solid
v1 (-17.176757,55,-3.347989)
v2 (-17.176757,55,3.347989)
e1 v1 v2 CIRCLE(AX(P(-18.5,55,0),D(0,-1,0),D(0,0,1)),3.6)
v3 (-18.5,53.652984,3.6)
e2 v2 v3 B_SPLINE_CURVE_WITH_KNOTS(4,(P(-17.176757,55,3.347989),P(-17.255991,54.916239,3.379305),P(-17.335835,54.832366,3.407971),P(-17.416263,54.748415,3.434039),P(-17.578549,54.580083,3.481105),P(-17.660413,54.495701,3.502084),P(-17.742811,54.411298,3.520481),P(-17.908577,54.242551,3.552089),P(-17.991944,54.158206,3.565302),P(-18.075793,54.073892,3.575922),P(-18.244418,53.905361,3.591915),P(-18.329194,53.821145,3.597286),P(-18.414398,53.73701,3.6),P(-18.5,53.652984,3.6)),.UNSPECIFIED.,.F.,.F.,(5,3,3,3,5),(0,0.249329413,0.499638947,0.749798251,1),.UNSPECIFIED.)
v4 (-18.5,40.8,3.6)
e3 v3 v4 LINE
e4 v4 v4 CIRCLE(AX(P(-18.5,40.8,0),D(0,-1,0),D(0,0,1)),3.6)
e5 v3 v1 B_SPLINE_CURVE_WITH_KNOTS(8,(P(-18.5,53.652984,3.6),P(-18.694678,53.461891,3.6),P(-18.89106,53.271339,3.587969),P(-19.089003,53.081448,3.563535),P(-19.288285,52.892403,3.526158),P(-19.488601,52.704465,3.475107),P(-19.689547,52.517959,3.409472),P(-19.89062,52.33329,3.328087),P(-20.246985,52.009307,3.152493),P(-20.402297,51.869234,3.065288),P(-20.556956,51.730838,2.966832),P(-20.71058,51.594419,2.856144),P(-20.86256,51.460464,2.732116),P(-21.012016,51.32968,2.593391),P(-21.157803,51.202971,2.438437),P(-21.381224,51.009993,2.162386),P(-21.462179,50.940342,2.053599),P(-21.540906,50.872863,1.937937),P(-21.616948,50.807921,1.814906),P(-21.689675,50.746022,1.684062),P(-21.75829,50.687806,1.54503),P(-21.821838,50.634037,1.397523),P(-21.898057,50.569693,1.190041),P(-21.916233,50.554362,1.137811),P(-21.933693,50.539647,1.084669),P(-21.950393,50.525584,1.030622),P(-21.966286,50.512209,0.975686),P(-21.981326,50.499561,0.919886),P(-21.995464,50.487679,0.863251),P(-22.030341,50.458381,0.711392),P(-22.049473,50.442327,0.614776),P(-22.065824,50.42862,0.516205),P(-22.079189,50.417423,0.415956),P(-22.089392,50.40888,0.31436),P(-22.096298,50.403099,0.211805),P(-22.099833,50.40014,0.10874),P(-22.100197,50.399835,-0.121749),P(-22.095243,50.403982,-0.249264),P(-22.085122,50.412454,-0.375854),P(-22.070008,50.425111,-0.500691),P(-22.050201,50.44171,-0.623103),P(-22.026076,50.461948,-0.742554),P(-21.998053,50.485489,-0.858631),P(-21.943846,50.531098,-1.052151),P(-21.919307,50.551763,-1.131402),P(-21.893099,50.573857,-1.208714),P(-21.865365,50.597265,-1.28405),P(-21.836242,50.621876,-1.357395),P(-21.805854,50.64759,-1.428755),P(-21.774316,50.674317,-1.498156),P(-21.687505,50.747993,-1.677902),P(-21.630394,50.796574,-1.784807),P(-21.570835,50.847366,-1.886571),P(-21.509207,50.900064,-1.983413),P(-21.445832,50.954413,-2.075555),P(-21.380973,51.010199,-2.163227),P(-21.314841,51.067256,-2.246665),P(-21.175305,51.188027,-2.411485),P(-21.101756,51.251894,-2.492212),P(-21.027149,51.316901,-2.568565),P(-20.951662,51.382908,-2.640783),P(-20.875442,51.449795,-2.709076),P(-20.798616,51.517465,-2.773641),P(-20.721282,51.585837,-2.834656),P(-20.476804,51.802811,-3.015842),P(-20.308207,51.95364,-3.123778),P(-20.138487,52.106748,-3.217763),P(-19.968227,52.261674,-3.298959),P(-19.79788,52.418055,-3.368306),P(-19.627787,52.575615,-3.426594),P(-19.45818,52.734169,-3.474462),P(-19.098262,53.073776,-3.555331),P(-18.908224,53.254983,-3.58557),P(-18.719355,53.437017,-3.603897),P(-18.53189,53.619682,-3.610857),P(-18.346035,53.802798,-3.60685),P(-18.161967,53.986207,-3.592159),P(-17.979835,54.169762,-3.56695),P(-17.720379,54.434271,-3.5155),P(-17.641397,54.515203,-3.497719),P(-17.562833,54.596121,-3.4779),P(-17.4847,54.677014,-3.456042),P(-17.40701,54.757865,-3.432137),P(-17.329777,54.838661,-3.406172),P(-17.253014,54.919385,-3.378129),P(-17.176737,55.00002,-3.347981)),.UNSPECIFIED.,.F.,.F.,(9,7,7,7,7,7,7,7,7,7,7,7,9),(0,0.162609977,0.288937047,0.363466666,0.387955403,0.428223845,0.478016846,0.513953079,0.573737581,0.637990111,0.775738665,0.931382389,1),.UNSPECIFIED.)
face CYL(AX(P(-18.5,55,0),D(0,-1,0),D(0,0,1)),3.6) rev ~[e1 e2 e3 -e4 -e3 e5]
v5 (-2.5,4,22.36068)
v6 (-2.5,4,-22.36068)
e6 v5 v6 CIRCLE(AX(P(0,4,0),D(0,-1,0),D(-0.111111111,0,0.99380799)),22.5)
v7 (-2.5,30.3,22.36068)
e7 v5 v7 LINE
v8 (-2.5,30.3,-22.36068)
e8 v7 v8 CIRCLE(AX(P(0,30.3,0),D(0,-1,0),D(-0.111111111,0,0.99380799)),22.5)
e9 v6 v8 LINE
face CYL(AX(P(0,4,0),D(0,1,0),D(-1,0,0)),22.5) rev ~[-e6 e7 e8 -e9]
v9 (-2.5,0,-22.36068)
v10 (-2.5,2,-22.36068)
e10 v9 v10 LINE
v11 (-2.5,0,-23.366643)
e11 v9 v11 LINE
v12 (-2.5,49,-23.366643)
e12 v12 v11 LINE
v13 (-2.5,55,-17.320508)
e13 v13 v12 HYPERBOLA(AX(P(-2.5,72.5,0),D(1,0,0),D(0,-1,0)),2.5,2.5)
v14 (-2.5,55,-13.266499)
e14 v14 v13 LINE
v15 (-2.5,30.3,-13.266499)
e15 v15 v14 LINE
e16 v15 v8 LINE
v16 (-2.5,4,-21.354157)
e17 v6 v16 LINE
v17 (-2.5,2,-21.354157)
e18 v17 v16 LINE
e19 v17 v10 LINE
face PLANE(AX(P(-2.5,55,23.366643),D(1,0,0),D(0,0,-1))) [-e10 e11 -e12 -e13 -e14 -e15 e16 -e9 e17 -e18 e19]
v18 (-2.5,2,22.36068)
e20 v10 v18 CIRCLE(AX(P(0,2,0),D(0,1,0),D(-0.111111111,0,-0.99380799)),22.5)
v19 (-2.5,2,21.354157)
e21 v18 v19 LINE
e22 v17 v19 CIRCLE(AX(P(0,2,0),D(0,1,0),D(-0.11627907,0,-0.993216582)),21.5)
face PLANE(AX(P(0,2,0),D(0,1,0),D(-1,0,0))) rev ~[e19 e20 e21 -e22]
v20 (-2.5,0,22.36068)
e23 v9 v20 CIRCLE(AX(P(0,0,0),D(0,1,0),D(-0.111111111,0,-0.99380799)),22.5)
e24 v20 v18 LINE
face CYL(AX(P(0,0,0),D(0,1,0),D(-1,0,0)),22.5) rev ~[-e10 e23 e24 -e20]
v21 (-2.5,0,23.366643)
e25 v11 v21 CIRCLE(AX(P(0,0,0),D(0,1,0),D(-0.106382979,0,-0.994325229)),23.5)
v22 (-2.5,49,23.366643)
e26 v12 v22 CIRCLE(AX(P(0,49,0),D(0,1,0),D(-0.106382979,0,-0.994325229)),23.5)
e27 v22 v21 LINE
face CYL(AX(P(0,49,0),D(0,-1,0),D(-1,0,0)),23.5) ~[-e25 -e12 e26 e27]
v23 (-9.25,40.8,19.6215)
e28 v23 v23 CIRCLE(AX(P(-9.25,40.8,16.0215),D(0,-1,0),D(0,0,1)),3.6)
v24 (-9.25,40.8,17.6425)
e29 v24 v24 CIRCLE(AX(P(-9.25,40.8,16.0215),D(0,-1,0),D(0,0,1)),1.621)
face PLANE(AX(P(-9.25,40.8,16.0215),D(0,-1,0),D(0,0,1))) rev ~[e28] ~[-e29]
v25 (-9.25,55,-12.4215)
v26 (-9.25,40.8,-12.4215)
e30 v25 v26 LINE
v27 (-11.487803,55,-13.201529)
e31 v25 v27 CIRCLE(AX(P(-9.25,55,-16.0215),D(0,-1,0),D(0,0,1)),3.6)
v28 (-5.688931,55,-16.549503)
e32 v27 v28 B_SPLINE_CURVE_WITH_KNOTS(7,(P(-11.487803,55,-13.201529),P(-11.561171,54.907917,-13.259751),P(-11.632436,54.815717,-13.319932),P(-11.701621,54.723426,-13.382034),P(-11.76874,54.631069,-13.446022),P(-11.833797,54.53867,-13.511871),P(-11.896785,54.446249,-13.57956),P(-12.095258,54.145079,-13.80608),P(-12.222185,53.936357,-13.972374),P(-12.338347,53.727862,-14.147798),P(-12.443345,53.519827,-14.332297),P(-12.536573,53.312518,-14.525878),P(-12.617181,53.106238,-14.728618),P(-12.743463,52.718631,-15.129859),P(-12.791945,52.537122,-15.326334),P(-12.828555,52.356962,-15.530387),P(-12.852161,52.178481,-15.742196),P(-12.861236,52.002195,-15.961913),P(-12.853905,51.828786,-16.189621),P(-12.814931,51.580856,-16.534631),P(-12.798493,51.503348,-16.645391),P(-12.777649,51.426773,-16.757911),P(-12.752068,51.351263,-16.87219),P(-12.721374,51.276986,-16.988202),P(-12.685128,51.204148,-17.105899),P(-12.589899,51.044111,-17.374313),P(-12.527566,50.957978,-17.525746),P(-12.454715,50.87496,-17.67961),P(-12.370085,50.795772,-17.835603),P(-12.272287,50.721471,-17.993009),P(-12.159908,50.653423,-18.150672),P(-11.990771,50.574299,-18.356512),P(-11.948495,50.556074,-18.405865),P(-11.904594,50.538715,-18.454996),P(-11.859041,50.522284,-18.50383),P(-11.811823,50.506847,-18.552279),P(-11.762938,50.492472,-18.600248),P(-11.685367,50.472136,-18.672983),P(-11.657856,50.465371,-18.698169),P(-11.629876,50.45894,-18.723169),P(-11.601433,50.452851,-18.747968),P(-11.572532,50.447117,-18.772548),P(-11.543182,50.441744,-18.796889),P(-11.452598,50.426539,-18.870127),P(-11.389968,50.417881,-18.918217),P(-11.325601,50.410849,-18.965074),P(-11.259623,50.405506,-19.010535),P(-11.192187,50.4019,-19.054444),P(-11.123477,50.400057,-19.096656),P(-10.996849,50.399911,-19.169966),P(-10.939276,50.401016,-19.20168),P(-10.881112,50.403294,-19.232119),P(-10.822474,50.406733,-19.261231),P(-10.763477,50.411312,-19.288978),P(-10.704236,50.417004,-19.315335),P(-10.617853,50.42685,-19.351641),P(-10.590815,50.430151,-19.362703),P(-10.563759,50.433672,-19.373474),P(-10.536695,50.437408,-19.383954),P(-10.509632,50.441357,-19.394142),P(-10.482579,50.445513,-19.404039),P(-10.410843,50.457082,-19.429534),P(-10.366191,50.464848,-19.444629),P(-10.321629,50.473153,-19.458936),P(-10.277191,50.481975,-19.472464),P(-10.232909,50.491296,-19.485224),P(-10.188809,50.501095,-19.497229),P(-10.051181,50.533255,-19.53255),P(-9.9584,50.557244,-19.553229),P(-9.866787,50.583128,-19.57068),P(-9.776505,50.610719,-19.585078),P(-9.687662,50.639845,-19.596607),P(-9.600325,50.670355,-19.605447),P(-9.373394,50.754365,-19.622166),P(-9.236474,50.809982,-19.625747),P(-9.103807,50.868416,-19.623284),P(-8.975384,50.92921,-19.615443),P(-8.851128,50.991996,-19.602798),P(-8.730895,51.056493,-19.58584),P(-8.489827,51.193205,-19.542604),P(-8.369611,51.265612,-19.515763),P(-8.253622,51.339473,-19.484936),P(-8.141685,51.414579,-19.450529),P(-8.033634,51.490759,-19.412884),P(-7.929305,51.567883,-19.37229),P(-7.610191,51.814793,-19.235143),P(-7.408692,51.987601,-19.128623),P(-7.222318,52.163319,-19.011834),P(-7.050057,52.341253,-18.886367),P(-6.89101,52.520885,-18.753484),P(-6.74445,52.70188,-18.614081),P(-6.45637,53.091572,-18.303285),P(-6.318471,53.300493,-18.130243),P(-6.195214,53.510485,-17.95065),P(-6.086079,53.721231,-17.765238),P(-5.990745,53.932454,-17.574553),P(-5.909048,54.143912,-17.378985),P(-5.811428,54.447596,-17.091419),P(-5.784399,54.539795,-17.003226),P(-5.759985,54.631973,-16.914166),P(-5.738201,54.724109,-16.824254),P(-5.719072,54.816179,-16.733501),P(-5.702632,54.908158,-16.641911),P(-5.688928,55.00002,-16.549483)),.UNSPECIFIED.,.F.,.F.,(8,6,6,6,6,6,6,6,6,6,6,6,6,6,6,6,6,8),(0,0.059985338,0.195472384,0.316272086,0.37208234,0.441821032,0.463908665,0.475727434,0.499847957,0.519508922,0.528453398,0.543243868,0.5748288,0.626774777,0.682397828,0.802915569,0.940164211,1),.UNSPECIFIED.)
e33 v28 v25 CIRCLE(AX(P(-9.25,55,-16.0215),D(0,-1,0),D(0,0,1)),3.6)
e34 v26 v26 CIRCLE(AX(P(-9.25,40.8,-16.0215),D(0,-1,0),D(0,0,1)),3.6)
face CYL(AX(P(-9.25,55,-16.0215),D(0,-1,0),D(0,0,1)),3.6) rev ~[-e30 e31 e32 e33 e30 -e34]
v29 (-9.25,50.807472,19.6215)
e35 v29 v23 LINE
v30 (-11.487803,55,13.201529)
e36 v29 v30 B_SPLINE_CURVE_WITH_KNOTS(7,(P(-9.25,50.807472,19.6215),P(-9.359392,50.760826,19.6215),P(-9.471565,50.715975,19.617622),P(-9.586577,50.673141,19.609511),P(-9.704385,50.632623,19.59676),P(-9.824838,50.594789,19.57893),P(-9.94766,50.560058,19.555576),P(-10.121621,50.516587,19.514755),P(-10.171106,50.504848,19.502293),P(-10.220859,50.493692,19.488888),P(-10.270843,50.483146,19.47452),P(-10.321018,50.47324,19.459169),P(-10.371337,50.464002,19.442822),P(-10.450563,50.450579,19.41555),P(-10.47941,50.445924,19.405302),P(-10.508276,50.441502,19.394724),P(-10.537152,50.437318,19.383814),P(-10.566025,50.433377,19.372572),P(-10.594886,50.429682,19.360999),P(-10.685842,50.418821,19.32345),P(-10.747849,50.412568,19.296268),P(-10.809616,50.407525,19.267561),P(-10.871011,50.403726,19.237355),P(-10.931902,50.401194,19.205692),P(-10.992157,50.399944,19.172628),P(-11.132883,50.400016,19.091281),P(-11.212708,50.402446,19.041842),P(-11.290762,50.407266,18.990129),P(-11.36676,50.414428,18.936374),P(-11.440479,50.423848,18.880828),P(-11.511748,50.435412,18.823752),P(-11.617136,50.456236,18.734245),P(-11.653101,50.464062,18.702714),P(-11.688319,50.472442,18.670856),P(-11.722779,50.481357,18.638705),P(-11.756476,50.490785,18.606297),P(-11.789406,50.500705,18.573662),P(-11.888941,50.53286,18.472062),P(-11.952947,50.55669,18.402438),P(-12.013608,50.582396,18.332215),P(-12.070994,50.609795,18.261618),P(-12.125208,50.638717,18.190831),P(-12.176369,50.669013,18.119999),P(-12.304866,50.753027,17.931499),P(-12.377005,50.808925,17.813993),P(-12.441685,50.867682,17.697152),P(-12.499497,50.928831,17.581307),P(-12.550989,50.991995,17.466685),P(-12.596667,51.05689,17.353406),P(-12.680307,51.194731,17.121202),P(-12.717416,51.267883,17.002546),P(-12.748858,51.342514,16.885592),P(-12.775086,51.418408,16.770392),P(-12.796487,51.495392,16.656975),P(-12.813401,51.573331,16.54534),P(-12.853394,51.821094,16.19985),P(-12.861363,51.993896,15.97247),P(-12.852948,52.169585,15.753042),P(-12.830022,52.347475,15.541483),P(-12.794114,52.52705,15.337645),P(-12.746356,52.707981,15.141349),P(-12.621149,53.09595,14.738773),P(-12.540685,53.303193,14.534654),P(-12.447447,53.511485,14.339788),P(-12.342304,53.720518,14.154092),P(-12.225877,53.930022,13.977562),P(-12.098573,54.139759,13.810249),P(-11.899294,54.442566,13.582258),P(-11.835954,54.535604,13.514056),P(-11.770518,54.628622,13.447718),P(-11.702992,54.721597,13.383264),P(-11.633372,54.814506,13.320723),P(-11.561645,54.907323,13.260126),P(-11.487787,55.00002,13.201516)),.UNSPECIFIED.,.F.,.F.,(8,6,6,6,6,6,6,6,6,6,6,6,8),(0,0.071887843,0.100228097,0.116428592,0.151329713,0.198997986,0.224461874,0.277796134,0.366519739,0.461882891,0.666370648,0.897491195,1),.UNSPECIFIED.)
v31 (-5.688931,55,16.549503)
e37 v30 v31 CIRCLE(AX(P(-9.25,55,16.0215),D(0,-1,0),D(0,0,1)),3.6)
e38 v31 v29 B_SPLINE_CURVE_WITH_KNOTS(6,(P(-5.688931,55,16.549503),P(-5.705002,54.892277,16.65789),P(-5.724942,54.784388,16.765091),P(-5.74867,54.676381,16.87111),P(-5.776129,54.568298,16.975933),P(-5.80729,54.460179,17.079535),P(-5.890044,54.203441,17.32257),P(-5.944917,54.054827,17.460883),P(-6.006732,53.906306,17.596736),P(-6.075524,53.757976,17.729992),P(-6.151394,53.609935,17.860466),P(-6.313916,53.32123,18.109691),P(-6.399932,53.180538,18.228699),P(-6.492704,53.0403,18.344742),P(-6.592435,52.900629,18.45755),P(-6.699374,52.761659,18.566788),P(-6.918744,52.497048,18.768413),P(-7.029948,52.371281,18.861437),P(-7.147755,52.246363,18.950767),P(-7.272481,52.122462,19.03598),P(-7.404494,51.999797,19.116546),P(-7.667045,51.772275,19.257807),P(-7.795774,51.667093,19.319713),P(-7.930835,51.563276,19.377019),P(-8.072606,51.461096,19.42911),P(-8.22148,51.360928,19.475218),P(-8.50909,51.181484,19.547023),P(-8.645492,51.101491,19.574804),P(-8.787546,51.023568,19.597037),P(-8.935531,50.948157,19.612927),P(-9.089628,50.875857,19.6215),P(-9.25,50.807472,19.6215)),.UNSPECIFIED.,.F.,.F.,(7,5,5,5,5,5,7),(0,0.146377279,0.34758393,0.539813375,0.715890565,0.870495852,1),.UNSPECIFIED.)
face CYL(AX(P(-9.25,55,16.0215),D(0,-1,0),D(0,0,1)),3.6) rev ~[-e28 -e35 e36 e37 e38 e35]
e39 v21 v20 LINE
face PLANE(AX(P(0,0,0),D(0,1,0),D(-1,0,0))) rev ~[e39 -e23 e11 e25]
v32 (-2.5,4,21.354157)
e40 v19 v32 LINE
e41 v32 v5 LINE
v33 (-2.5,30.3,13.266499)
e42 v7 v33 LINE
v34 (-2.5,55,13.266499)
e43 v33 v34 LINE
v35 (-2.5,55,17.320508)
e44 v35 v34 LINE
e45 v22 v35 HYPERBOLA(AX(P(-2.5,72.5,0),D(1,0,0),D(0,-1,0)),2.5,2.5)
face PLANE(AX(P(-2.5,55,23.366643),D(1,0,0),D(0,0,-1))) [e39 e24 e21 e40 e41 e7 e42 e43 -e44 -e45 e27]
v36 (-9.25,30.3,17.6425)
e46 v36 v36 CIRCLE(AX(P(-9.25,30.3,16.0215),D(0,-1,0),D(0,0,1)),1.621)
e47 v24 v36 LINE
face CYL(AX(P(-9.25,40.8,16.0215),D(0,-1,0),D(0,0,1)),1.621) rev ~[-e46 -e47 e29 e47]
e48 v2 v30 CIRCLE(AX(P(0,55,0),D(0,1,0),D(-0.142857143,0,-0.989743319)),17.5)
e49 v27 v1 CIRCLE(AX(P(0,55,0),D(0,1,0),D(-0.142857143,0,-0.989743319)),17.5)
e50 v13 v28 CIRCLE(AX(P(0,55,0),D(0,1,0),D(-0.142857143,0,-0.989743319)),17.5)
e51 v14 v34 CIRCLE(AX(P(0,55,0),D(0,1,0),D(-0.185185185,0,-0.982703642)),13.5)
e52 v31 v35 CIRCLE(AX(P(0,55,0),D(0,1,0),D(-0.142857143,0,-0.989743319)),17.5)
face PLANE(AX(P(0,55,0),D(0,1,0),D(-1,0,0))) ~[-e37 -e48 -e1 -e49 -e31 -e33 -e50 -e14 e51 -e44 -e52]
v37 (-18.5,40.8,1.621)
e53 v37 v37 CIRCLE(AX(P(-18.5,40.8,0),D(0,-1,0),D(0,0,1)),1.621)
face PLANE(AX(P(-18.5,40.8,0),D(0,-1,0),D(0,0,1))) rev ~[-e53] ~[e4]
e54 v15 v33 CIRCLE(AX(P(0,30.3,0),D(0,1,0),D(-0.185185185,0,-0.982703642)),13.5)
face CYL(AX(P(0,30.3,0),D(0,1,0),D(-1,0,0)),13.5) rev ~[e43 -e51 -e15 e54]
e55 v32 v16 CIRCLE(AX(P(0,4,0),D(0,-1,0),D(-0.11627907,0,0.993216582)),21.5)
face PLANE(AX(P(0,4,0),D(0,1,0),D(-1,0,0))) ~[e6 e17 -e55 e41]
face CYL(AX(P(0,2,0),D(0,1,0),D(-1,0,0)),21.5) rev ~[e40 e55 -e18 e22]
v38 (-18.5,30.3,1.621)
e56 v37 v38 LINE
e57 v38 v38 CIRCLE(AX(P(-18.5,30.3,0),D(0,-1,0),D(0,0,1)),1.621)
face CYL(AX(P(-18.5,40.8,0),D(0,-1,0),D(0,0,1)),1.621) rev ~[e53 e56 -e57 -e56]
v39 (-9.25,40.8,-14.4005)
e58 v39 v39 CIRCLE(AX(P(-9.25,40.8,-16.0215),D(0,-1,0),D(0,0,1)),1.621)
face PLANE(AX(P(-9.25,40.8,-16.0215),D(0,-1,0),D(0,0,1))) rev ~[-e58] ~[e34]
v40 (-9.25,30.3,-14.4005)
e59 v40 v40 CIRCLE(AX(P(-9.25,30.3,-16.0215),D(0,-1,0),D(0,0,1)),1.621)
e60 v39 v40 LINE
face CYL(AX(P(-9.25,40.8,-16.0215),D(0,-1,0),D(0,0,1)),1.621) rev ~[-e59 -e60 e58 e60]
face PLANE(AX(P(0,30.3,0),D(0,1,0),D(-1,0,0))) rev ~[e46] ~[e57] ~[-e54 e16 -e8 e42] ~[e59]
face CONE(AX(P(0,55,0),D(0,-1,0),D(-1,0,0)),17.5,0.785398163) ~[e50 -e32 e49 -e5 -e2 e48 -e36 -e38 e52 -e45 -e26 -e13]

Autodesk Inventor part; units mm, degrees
ref_plane "YZ Plane" through (0, 0, 0) normal (1, 0, 0) x (0, 1, 0)
ref_plane "XZ Plane" through (0, 0, 0) normal (0, 1, 0) x (-1, 0, 0)
ref_plane "XY Plane" through (0, 0, 0) normal (0, 0, 1) x (1, 0, 0)
sketch "Sketch1" plane through (0, 0, 0) normal (0, 0, 1) x (1, 0, 0)
  line L0 (-13.5, 30.3) -> (-13.5, 55)
  line L1 (-13.5, 55) -> (-17.5, 55)
  line L2 (-17.5, 55) -> (-23.5, 49)
  line L3 (-23.5, 49) -> (-23.5, 0)
  line L4 (-23.5, 0) -> (-22.5, 0)
  line L5 (-22.5, 0) -> (-22.5, 2)
  line L6 (-22.5, 2) -> (-21.5, 2)
  line L7 (-21.5, 2) -> (-21.5, 4)
  line L8 (-21.5, 4) -> (-22.5, 4)
  line L9 (-22.5, 4) -> (-22.5, 30.3)
  line L10 (-22.5, 30.3) -> (-13.5, 30.3)
  line L11 (0, -11) -> (0, 66) projected
  point P0 (0, 0)
  point P1 (-23, 0)
  point P2 (-21.5, 3)
  dimension "d5" = 24.7
  dimension "d6" = 2
  dimension "d7" = 2
  dimension "d8" = 45
  dimension "d9" = 13.5
  dimension "d10" = 23.5
  dimension "d11" = 49
  dimension "d12" = 1
  dimension "d13" = 2
  dimension "d24" = 55
revolve "Revolution1" add sketch "Sketch1" angle 360 about axis through (0, -10, 0) along (0, 1, 0)
sketch "Sketch2" plane through (0, 55, 0) normal (0, 1, 0) x (1, 0, 0)
  line L0 (23.5, -23.5) -> (-2.5, -23.5)
  line L1 (-2.5, -23.5) -> (-2.5, 23.5)
  line L2 (-2.5, 23.5) -> (23.5, 23.5)
  line L3 (23.5, 23.5) -> (23.5, -23.5)
  circle A0 centre (0, 0) radius 23.5 projected
  point P0 (-2.5, 0)
  point P1 (23.5, 0)
  point P2 (0, -23.5)
  point P3 (0, 23.5)
  point P4 (-2.5, 23.3666)
  point P5 (-2.5, -23.3666)
  dimension "d1" = 2.5
extrude "Extrusion1" cut sketch "Sketch2" against normal through all contours L0 A0 L3 | A0 L1 | A0 L2 L3 picked at (6.1667, 0)
sketch "Sketch3" plane through (0, 55, 0) normal (0, 1, 0) x (1, 0, 0)
  circle A0 centre (0, 0) radius 18.5 construction
  point P0 (-18.5, 0)
  point P1 (-9.25, 16.0215)
  point P2 (-9.25, -16.0215)
  dimension "d14" = 37
  dimension "d15" = 60
  dimension "d16" = 60
hole "Hole1" at (-18.5, 55, 0) at (-9.25, 55, -16.0215) at (-9.25, 55, 16.0215) direction (0, -1, 0) diameter 3.242 end through all counterbore diameter 7.2 counterbore depth 14.2 thread size "M4x0.7" class "6H" standard "ANSI Metric M Profile"
properties part number "Clamp" material "Brass, Soft Yellow, Welded"
